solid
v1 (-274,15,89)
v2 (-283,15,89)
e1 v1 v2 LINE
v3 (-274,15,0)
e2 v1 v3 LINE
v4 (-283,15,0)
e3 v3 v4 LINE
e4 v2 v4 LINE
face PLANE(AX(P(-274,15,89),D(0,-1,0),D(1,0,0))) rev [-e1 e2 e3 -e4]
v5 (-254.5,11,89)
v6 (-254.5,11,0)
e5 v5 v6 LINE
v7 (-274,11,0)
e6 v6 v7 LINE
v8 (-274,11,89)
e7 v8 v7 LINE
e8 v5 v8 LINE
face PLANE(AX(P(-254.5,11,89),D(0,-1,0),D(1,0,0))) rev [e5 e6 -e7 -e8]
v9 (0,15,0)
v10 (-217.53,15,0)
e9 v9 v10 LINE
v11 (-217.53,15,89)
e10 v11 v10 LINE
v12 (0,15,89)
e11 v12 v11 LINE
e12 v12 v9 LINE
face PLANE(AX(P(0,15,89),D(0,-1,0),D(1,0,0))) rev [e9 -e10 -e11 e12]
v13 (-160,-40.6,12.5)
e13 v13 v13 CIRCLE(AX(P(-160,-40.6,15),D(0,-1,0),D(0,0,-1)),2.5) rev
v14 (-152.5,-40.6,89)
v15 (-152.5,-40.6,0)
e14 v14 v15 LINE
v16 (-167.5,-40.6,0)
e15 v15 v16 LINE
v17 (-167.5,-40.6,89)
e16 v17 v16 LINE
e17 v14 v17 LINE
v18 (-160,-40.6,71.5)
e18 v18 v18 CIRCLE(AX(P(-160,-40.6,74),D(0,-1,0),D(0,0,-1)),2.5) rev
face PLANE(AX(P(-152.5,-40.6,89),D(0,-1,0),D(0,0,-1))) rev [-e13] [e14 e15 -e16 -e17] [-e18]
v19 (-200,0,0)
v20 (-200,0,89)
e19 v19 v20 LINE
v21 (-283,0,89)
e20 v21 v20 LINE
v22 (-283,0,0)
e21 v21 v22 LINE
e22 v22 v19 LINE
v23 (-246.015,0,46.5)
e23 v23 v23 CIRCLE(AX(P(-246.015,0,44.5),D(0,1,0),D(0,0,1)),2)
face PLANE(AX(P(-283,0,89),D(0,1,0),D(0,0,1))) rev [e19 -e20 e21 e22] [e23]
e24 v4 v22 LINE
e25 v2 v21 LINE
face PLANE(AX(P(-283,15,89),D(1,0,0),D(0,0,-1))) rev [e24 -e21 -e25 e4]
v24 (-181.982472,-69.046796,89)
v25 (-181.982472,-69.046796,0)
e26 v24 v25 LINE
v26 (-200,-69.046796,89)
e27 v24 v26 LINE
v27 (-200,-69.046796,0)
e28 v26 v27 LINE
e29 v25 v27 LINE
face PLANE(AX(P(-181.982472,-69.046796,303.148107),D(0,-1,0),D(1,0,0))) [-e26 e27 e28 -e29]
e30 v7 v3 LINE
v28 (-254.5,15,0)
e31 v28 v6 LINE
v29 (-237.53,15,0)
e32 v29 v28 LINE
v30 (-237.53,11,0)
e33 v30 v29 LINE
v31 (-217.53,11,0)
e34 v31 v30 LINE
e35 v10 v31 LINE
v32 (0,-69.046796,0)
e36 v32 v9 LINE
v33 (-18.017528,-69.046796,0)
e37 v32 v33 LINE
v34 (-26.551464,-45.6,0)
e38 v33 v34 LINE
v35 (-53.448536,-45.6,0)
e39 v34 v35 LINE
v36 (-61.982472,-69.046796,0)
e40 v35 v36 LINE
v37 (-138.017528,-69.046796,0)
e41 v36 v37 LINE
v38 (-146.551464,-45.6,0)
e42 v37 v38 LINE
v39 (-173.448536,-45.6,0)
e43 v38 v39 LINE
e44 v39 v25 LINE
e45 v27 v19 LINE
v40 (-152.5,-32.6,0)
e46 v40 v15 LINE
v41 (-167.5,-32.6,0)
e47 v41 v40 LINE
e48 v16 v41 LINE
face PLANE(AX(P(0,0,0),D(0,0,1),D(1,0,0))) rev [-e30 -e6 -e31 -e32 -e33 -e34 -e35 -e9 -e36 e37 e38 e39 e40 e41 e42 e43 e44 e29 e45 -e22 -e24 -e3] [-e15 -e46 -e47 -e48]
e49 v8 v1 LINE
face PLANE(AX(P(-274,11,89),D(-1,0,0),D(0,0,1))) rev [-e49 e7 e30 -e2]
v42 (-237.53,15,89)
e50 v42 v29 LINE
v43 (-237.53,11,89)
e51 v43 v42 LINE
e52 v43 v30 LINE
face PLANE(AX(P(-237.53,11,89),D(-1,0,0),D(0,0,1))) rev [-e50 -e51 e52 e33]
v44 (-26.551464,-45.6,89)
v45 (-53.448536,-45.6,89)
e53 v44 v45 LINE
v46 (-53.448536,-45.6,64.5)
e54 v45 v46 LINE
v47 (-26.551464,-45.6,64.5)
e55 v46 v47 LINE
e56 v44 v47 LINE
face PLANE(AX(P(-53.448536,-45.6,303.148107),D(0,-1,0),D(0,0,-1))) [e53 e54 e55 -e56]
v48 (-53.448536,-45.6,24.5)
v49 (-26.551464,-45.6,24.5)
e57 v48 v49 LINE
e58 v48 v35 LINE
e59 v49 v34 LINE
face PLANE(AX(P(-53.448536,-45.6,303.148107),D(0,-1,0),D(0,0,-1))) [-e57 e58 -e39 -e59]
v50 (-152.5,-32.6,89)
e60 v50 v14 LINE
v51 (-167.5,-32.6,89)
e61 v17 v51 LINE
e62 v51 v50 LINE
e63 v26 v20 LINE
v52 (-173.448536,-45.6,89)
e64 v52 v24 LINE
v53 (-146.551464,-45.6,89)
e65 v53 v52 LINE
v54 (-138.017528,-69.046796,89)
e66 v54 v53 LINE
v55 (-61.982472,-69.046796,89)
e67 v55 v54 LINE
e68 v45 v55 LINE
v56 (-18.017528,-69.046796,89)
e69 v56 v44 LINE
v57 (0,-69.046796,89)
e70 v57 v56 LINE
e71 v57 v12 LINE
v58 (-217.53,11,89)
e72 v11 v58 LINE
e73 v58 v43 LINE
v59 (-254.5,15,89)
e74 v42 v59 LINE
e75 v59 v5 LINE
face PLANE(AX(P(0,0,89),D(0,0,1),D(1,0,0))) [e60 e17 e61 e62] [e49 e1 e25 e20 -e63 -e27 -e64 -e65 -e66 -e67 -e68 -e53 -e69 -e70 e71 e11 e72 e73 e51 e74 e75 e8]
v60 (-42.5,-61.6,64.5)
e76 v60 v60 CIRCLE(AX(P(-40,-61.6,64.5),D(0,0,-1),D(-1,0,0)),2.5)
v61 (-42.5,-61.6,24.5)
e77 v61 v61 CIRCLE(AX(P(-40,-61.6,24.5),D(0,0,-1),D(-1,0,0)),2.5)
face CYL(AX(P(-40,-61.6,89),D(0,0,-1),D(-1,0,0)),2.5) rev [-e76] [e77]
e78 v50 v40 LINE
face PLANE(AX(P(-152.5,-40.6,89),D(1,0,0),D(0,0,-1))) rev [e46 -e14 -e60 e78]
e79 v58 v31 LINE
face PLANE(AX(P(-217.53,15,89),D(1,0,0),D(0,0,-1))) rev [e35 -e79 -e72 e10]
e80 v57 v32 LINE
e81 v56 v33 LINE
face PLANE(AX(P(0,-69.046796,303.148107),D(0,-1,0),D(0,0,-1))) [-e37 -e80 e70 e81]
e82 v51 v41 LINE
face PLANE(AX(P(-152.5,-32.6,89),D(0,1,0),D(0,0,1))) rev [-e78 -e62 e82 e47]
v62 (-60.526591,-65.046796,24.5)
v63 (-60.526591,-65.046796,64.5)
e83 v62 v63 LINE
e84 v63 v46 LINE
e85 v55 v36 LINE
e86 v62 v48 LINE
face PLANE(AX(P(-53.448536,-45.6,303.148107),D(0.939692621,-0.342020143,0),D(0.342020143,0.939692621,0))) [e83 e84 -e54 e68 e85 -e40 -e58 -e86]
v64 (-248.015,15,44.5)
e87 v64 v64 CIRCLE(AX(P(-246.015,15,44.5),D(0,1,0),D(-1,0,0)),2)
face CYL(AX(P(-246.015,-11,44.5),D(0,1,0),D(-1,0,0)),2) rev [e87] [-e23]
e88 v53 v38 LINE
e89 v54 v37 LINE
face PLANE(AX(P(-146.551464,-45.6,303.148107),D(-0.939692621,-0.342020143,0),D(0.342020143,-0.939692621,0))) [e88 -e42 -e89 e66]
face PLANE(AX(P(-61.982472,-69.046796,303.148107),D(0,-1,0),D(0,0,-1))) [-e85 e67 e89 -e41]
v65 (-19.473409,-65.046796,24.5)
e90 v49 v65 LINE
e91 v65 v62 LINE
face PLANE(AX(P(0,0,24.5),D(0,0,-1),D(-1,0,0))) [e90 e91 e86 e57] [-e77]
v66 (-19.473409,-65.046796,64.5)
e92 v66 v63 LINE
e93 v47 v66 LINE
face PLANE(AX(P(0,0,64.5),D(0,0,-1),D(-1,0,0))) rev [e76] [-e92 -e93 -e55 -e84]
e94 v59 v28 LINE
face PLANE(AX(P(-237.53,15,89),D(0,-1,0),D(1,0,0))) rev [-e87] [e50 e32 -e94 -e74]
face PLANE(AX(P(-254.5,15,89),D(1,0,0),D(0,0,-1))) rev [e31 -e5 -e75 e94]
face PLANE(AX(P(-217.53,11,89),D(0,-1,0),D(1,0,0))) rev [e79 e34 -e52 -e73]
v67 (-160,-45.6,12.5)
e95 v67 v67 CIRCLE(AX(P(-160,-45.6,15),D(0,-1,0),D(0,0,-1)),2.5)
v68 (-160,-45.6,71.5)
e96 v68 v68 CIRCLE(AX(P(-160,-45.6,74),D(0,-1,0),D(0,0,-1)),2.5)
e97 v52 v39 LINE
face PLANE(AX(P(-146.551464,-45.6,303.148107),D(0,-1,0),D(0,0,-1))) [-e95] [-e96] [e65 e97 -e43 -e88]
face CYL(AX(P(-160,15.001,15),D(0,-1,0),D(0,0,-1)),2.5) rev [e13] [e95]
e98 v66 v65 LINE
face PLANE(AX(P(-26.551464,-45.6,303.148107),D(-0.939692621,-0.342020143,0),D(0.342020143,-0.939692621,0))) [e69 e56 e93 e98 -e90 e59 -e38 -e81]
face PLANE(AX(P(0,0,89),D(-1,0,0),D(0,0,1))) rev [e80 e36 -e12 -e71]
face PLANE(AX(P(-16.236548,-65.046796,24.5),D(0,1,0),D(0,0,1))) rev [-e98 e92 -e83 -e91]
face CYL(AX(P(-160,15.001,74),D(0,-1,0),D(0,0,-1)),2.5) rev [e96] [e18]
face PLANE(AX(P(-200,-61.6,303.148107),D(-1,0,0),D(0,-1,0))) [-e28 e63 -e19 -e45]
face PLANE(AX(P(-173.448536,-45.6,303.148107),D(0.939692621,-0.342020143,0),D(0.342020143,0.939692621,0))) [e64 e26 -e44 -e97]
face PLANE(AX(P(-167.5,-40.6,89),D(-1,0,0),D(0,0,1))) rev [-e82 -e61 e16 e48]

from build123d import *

# Parameters (mm, degrees)
BOSS_EXTRUDE1_DEPTH = 89
SKETCH2_R           = 2
CUT_EXTRUDE1_DEPTH  = 26
BOSS_EXTRUDE2_DEPTH = 89
SKETCH4_W           = 47.922407602
SKETCH4_H           = 26.699627092
BOSS_EXTRUDE3_DEPTH = 20
SKETCH7_R           = 2.5
CUT_EXTRUDE2_DEPTH  = 299.356682512
SKETCH9_W           = 15
SKETCH9_H           = 8
CUT_EXTRUDE3_DEPTH  = 305.5939264
CUT_EXTRUDE4_REACH  = 304.791
SKETCH8_R           = 2.5


with BuildPart() as part:
    # Sketch1 → Boss-Extrude1 (new body)
    with BuildSketch(Plane.XY):
        Polygon((-283, 0), (0, 0), (0, 15), (-217.53, 15), (-217.53, 11), (-237.53, 11), (-237.53, 15), (-254.5, 15), (-254.5, 11), (-274, 11), (-274, 15), (-283, 15), align=None)
    extrude(amount=BOSS_EXTRUDE1_DEPTH)

    # Sketch2 → Cut-Extrude1 (cut)
    with BuildSketch(Plane(origin=(0, 15, 0), x_dir=(1, 0, 0), z_dir=(0, 1, 0))):
        with Locations(Location((-246.015, -44.5, 0), (0, 0, 180))):
            Circle(SKETCH2_R)
    extrude(amount=-CUT_EXTRUDE1_DEPTH, mode=Mode.SUBTRACT)

    # Sketch3 → Boss-Extrude2 (add)
    with BuildSketch(Plane(origin=(0, 0, 0), x_dir=(-1, 0, 0), z_dir=(0, 0, -1))):
        Polygon((0, 0), (0, -61.6), (0, -69.046795722), (18.017528485, -69.046795722), (26.551464217, -45.6), (53.448535783, -45.6), (61.982471515, -69.046795722), (138.017528485, -69.046795722), (146.551464217, -45.6), (173.448535783, -45.6), (181.982471515, -69.046795722), (200, -69.046795722), (200, -61.6), (200, 7.5), (0, 7.5), align=None)
    extrude(amount=-BOSS_EXTRUDE2_DEPTH)

    # Sketch4 → Boss-Extrude3 (add, symmetric)
    with BuildSketch(Plane(origin=(0, 0, 44.5), x_dir=(-1, 0, 0), z_dir=(0, 0, -1))):
        with Locations((40.197751444, -51.696982176)):
            Rectangle(SKETCH4_W, SKETCH4_H)
    extrude(amount=BOSS_EXTRUDE3_DEPTH, both=True)

    # Sketch7 → Cut-Extrude2 (cut, through all)
    with BuildSketch(Plane(origin=(0, 0, 24.5), x_dir=(-1, 0, 0), z_dir=(0, 0, -1))):
        with Locations((40, -61.6)):
            Circle(SKETCH7_R)
    extrude(amount=-CUT_EXTRUDE2_DEPTH, mode=Mode.SUBTRACT)

    # Sketch9 → Cut-Extrude3 (cut, through all)
    with BuildSketch(Plane(origin=(0, 0, 0), x_dir=(-1, 0, 0), z_dir=(0, 0, -1))):
        with Locations((160, -36.6)):
            Rectangle(SKETCH9_W, SKETCH9_H)
    extrude(amount=-CUT_EXTRUDE3_DEPTH, mode=Mode.SUBTRACT)

    # Sketch8 → Cut-Extrude4 (cut, up to next)
    with BuildSketch(Plane.XZ.offset(45.6), mode=Mode.PRIVATE) as cut_extrude4_sk1:
        with Locations(Location((-160, 74, 0), (0, 0, 270))):
            Circle(SKETCH8_R)
    cut_extrude4_tool1 = extrude(cut_extrude4_sk1.sketch, amount=-CUT_EXTRUDE4_REACH, mode=Mode.PRIVATE) & part.part
    # Sketch8 → Cut-Extrude4 (cut, up to next)
    with BuildSketch(Plane.XZ.offset(45.6), mode=Mode.PRIVATE) as cut_extrude4_sk2:
        with Locations(Location((-160, 15, 0), (0, 0, 270))):
            Circle(SKETCH8_R)
    cut_extrude4_tool2 = extrude(cut_extrude4_sk2.sketch, amount=-CUT_EXTRUDE4_REACH, mode=Mode.PRIVATE) & part.part
    add(cut_extrude4_tool1.solids().sort_by_distance((-160, -45.6, 74))[0], mode=Mode.SUBTRACT)
    add(cut_extrude4_tool2.solids().sort_by_distance((-160, -45.6, 15))[0], mode=Mode.SUBTRACT)


solid = part.part
